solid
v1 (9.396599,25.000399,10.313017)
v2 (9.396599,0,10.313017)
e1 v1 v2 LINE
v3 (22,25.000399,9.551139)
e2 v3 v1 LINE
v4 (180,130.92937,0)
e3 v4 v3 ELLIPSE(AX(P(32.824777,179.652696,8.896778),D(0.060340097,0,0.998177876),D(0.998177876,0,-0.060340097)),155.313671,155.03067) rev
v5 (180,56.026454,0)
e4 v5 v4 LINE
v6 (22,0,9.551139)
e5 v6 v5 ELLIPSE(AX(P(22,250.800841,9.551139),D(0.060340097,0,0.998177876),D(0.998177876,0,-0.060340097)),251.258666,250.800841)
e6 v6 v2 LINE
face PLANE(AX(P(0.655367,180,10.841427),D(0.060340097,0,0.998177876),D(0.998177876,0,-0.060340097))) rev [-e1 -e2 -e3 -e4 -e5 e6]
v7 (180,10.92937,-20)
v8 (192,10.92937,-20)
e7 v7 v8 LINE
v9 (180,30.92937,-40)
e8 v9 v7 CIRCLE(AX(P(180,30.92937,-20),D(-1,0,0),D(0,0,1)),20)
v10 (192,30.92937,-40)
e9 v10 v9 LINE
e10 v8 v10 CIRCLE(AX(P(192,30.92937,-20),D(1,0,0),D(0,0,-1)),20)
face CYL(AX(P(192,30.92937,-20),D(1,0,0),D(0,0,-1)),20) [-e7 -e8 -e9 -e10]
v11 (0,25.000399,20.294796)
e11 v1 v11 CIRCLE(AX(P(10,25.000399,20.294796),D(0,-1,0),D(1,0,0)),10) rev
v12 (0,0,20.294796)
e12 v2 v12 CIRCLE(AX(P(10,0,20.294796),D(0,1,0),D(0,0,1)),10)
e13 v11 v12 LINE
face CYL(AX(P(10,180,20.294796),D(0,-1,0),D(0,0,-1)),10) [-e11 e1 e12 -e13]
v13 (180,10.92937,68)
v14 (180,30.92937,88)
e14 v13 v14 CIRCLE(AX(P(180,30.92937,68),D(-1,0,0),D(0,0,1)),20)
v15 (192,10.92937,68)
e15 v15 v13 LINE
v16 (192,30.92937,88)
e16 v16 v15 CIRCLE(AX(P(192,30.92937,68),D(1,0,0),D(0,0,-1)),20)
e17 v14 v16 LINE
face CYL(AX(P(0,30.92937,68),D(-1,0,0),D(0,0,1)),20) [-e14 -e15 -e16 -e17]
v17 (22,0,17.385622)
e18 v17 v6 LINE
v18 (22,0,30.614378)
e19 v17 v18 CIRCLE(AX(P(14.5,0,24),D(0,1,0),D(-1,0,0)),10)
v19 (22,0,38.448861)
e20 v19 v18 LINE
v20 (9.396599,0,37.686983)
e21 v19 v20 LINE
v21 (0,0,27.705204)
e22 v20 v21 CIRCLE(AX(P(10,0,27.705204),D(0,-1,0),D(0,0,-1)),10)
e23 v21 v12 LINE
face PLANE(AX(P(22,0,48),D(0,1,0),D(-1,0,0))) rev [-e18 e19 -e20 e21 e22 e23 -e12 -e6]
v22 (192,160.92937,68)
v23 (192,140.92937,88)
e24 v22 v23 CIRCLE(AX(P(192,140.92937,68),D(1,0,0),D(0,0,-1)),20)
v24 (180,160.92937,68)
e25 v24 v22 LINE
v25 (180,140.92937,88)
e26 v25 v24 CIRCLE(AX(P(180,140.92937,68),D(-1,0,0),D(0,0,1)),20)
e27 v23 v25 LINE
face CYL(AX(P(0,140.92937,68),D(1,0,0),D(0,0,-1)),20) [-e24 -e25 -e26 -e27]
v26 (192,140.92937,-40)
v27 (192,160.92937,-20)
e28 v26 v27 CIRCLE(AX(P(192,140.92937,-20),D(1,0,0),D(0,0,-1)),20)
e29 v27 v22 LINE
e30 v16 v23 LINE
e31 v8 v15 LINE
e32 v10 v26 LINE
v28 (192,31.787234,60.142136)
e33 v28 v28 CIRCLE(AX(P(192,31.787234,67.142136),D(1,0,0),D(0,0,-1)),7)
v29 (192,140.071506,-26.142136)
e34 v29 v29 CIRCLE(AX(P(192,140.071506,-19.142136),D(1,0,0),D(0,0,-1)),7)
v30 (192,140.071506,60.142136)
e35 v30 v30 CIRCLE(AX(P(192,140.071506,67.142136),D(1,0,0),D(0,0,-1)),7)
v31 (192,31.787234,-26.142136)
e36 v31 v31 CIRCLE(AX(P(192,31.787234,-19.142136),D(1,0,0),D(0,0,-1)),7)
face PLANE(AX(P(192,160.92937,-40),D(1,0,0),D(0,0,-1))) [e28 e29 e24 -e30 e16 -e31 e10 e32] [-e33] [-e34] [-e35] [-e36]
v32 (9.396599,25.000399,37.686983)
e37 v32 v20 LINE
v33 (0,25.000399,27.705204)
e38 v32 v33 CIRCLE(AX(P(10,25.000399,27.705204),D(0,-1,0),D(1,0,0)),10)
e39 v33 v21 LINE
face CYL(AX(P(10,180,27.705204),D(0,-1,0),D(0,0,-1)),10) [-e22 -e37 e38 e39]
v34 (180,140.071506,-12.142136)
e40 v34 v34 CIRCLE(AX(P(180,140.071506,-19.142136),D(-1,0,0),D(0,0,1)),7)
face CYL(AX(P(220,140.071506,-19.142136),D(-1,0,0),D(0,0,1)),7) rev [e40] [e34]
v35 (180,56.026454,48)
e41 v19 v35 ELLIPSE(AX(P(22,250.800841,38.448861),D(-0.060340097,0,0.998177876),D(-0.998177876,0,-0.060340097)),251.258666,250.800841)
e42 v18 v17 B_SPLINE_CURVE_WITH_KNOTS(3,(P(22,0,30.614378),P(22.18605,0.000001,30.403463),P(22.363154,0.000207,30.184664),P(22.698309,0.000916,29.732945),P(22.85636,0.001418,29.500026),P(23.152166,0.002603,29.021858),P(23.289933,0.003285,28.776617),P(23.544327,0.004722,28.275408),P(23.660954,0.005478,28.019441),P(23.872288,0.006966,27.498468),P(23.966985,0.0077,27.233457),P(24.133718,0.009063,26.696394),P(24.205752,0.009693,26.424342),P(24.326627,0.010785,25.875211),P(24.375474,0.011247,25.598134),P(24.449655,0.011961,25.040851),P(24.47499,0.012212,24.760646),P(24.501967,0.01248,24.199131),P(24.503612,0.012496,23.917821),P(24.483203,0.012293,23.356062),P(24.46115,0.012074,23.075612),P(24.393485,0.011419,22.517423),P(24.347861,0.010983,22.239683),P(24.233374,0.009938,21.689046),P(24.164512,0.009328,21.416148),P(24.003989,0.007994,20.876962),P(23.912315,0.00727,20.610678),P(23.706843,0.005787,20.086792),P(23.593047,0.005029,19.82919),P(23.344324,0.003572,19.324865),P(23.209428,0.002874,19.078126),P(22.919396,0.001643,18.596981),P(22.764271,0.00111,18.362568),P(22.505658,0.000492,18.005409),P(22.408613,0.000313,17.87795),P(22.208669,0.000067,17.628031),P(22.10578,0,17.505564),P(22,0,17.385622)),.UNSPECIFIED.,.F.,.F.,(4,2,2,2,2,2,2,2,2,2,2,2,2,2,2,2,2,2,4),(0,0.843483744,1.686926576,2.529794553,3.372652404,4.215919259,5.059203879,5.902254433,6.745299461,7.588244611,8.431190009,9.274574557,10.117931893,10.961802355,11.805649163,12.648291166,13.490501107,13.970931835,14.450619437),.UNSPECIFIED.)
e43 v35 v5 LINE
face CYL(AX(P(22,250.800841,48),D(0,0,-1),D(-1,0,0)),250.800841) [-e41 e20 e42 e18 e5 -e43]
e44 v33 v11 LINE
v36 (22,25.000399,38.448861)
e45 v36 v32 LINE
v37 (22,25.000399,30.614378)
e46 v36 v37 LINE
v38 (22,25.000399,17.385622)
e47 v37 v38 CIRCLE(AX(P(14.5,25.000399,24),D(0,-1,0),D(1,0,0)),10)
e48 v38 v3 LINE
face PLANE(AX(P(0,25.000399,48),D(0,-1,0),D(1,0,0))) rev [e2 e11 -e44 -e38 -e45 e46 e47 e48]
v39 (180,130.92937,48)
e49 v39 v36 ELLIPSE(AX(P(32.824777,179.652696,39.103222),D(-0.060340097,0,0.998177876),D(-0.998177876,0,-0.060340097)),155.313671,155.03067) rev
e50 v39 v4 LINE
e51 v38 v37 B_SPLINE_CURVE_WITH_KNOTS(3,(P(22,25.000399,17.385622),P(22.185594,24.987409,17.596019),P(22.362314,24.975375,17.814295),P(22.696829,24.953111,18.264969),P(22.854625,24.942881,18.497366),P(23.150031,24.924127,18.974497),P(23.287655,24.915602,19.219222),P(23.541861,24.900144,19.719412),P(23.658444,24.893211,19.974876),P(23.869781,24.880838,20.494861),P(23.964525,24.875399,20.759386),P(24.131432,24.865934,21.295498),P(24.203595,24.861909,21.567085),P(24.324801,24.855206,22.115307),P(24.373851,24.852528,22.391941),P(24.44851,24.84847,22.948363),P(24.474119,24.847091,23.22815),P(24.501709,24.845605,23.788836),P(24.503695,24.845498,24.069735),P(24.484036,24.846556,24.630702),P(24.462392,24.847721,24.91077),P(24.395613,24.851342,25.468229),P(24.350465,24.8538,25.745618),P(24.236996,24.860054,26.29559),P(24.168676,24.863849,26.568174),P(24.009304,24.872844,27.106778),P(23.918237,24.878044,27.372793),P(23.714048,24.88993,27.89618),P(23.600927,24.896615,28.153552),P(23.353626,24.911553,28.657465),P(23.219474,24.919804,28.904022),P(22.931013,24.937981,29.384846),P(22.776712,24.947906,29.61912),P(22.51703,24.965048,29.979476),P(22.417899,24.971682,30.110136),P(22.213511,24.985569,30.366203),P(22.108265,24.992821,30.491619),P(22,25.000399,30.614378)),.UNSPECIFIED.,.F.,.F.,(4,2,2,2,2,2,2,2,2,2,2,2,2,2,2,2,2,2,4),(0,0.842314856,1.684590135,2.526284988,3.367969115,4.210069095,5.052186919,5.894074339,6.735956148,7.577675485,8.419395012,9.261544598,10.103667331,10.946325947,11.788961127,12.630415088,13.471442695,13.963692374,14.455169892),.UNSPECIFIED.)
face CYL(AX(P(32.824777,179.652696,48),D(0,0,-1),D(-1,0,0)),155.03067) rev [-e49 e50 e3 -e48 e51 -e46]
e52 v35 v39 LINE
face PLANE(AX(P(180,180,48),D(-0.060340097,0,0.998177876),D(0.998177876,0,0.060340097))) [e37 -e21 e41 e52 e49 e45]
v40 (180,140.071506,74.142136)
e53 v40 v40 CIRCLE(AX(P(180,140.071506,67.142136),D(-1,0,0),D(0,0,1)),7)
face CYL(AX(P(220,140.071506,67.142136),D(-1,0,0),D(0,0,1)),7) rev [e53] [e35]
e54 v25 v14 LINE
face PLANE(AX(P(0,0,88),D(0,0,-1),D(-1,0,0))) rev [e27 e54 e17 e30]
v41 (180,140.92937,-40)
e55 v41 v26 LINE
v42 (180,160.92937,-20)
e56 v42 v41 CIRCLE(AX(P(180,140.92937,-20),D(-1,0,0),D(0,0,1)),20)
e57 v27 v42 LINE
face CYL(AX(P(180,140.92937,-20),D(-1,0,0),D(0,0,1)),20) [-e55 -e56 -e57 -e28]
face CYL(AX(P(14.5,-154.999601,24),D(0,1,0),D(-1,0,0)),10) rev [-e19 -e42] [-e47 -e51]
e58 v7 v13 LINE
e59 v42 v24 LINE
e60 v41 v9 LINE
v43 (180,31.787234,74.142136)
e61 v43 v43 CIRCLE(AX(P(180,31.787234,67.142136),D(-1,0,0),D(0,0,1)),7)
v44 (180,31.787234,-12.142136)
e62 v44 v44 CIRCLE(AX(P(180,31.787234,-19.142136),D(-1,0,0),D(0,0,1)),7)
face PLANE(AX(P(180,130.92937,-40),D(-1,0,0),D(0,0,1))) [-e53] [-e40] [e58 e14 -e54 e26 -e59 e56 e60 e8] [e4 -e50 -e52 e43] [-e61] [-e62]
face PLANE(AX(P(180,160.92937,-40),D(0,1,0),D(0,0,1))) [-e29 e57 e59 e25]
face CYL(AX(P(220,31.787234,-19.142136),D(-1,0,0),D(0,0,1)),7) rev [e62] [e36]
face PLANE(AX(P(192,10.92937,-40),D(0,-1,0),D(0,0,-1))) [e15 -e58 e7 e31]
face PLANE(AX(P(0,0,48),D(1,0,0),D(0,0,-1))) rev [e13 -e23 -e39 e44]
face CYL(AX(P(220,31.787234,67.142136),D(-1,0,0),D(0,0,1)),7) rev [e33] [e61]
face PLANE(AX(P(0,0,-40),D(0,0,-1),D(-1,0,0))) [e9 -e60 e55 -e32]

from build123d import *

# Parameters (mm, degrees)
BOSS_EXTRUDE1_DEPTH      = 48
BOSS_EXTRUDE4_DEPTH      = 40
BOSS_EXTRUDE4_DEPTH_BACK = 88
FILLET2_R                = 20
SKETCH10_R               = 7
CUT_EXTRUDE3_DEPTH       = 40
CUT_EXTRUDE4_DEPTH       = 180
SKETCH12_R               = 10
CUT_EXTRUDE5_DEPTH       = 180


with BuildPart() as part:
    # Sketch1 → Boss-Extrude1 (new body)
    with BuildSketch(Plane.XY):
        with BuildLine():
            Line((0, 0), (0, 25.00039893))
            Line((0, 25.00039893), (22, 25.00039893))
            ThreePointArc((22, 25.00039893), (119.156102476, 50.883868102), (180, 130.929369905))
            Line((180, 130.929369905), (180, 56.026453851))
            ThreePointArc((180, 56.026453851), (105.819692691, 14.421228989), (22, 0))
            Line((22, 0), (0, 0))
        make_face()
    extrude(amount=BOSS_EXTRUDE1_DEPTH)

    # Sketch9 → Boss-Extrude4 (add, two sides: drawn at the far end of the back side and taken through both)
    with BuildSketch(Plane.XY.offset(48).offset(-BOSS_EXTRUDE4_DEPTH_BACK)):
        Polygon((180, 130.929369905), (180, 160.929369905), (192, 160.929369905), (192, 10.929369905), (180, 10.929369905), (180, 51.308831421), align=None)
    extrude(amount=BOSS_EXTRUDE4_DEPTH + BOSS_EXTRUDE4_DEPTH_BACK)

    # Fillet2
    fillet2_edges = [part.edges().sort_by_distance(p)[0] for p in [
        (186, 160.929369905, -40),
        (186, 10.929369905, -40),
        (186, 10.929369905, 88),
        (186, 160.929369905, 88),
    ]]
    fillet(fillet2_edges, radius=FILLET2_R)

    # Sketch10 → Cut-Extrude3 (cut)
    with BuildSketch(Plane.ZY.offset(-180)):
        with Locations((-19.142135624, 140.071505529)):
            Circle(SKETCH10_R)
        with Locations((67.142135624, 140.071505529)):
            Circle(SKETCH10_R)
        with Locations((67.142135624, 31.787234281)):
            Circle(SKETCH10_R)
        with Locations((-19.142135624, 31.787234281)):
            Circle(SKETCH10_R)
    extrude(amount=-CUT_EXTRUDE3_DEPTH, mode=Mode.SUBTRACT)

    # Sketch11 → Cut-Extrude4 (cut)
    with BuildSketch(Plane(origin=(0, 0, 0), x_dir=(1, 0, 0), z_dir=(0, 1, 0))):
        with BuildLine():
            ThreePointArc((9.39659903, -10.313017355), (2.718722307, -13.440381836), (0, -20.294796118))
            Line((0, -20.294796118), (0, 0))
            Line((0, 0), (180, 0))
            Line((180, 0), (9.39659903, -10.313017355))
        make_face()
        with BuildLine():
            ThreePointArc((9.39659903, -37.686982645), (2.718722307, -34.559618164), (0, -27.705203882))
            Line((0, -27.705203882), (0, -48))
            Line((0, -48), (180, -48))
            Line((180, -48), (9.39659903, -37.686982645))
        make_face()
    extrude(amount=CUT_EXTRUDE4_DEPTH, mode=Mode.SUBTRACT)

    # Sketch12 → Cut-Extrude5 (cut)
    with BuildSketch(Plane(origin=(0, 25.00039893, 0), x_dir=(1, 0, 0), z_dir=(0, 1, 0))):
        with Locations(Location((14.5, -24, 0), (0, 0, 41.409622109))):
            Circle(SKETCH12_R)
    extrude(amount=-CUT_EXTRUDE5_DEPTH, mode=Mode.SUBTRACT)


solid = part.part
